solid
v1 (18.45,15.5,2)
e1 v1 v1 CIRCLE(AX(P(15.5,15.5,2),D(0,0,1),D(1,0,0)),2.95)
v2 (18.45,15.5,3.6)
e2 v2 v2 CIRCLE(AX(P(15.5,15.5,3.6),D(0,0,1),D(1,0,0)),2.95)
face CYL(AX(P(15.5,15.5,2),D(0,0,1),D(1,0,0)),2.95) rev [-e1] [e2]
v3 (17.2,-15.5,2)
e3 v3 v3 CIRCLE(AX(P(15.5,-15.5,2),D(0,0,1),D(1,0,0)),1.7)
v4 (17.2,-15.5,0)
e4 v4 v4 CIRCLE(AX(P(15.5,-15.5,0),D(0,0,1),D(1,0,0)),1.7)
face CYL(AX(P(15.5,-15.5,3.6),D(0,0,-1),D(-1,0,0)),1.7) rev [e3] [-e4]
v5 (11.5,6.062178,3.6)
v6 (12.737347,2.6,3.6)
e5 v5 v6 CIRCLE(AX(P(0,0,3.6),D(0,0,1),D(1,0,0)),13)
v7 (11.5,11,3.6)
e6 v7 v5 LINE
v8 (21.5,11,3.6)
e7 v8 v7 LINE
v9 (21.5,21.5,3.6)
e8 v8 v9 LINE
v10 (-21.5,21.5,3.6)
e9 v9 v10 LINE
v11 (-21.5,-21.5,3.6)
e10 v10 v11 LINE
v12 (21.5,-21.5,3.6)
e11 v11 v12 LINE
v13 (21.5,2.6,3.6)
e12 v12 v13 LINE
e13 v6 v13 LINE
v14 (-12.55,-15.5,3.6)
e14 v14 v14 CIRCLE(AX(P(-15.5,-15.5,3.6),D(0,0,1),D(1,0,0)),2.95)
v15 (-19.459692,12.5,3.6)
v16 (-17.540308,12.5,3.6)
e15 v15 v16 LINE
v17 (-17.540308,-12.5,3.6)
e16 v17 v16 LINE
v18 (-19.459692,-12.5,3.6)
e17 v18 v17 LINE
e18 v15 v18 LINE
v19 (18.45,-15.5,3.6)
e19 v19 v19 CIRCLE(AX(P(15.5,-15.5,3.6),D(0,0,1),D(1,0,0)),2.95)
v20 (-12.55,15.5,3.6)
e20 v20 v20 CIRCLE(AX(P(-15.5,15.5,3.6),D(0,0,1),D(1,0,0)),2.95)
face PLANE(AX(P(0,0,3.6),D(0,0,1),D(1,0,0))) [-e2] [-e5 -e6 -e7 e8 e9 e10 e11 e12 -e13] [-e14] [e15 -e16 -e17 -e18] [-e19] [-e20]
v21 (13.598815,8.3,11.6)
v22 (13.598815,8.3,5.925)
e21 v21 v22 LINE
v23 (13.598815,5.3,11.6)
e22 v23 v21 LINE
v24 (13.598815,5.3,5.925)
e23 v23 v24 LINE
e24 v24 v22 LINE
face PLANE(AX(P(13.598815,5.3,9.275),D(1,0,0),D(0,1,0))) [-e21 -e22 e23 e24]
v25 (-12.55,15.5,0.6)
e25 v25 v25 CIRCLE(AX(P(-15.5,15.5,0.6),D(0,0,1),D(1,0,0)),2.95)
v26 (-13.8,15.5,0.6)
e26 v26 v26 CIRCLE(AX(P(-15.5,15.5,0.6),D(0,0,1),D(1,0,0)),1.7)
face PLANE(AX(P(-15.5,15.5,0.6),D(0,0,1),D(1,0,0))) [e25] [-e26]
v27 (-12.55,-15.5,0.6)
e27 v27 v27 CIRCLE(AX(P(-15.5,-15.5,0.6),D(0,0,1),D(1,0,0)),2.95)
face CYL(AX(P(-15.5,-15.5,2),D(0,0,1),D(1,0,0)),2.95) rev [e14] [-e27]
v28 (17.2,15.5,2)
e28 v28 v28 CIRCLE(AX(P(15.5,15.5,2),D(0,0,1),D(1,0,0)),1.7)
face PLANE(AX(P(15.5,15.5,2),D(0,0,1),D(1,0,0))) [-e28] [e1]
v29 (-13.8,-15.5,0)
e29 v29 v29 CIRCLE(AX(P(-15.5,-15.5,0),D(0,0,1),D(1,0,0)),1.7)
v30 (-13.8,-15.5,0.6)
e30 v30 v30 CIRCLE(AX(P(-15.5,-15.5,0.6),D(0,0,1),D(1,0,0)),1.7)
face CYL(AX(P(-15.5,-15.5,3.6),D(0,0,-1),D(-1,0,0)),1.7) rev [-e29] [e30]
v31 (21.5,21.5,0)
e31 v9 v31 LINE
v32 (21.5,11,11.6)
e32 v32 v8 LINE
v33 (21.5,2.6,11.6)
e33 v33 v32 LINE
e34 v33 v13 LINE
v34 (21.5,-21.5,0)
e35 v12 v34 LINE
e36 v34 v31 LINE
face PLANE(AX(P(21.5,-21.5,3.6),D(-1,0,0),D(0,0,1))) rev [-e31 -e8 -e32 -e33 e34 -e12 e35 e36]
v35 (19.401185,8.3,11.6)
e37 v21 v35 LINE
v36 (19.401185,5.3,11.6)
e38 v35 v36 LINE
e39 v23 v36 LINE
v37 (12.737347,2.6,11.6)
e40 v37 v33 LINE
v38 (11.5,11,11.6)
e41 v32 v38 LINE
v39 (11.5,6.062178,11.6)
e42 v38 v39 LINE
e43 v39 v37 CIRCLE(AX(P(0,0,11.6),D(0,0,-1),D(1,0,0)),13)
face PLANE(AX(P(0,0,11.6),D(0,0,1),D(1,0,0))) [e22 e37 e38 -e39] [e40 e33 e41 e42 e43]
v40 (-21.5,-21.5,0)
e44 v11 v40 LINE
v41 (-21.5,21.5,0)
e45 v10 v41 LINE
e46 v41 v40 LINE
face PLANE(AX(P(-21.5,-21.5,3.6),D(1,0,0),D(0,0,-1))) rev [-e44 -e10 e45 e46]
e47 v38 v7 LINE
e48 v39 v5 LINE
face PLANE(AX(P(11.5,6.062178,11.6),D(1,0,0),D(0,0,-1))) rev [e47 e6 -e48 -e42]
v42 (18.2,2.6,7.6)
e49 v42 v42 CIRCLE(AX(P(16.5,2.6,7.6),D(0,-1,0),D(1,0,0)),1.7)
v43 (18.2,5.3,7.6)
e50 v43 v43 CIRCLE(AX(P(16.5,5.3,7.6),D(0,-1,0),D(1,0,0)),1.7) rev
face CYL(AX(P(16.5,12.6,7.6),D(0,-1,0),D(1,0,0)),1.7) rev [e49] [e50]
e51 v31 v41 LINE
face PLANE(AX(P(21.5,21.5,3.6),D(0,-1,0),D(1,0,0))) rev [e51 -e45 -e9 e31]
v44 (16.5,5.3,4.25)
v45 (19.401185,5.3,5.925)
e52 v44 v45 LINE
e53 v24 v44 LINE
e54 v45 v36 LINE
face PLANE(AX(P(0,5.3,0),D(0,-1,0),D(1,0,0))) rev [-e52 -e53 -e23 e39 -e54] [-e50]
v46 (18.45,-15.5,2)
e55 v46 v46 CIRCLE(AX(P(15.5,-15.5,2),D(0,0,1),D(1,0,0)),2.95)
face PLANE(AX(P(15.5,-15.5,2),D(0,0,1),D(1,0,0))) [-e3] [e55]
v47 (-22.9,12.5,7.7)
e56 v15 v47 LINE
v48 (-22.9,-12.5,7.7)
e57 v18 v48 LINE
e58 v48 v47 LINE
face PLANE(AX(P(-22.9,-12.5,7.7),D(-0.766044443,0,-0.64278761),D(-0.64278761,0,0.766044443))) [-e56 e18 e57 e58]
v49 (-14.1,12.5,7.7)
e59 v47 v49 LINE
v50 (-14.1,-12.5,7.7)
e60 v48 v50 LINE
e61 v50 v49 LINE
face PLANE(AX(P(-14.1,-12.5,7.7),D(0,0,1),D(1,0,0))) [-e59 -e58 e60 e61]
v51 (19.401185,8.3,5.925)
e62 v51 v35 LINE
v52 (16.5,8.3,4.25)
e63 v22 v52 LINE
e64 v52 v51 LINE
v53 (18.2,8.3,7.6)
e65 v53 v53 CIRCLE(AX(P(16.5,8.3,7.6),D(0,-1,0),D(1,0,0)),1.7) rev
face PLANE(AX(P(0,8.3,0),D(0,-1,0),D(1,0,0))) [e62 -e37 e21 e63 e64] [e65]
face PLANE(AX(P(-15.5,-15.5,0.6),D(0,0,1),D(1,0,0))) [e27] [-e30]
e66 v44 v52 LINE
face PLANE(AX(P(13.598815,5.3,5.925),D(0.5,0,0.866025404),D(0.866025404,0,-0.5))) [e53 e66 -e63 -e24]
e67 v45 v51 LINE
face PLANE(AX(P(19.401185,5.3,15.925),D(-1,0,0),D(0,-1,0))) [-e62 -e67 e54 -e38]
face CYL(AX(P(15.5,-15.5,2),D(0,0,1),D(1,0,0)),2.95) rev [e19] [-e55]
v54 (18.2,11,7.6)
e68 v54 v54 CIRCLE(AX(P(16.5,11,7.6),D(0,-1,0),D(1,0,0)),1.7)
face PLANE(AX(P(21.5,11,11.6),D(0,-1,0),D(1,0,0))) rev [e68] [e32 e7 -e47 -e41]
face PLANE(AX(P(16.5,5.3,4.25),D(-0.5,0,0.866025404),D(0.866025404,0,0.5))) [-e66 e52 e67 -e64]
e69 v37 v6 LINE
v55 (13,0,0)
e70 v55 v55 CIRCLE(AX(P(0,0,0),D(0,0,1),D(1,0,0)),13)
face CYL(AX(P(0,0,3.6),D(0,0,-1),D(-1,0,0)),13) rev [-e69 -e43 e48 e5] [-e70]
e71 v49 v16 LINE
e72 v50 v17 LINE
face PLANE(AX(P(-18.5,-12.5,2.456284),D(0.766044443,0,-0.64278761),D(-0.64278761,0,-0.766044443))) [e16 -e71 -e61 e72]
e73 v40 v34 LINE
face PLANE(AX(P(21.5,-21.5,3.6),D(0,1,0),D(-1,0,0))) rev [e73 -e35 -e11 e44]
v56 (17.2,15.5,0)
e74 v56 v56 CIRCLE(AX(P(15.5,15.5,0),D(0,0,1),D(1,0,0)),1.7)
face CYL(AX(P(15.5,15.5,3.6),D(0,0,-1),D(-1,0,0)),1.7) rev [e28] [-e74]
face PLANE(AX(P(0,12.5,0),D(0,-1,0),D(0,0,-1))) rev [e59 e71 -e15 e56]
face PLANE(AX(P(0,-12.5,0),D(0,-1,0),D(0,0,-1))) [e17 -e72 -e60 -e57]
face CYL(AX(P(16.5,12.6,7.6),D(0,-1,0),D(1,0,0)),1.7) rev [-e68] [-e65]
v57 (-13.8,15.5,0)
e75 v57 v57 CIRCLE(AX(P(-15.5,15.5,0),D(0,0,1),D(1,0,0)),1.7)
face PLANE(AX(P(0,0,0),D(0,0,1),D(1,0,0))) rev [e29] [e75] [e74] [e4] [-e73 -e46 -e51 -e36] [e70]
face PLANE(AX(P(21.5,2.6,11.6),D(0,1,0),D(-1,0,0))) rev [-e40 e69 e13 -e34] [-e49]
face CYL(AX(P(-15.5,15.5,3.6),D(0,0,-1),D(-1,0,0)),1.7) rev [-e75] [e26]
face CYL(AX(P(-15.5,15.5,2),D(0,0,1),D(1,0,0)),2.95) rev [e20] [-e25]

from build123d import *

# Parameters (mm, degrees)
CROQUIS1_W                   = 43
CROQUIS1_H                   = 43
CROQUIS1_R                   = 13
CROQUIS1_R_2                 = 1.7
SALIENTE_EXTRUIR1_DEPTH      = 3.6
CROQUIS2_R                   = 2.95
CORTAR_EXTRUIR1_DEPTH        = 1.6
SALIENTE_EXTRUIR2_DEPTH      = 8
CROQUIS4_R                   = 1.7
CORTAR_EXTRUIR2_DEPTH        = 10
CORTAR_EXTRUIR3_DEPTH        = 1.5
CORTAR_EXTRUIR3_DEPTH_BACK   = 1.5
SALIENTE_EXTRUIR3_DEPTH      = 12.5
SALIENTE_EXTRUIR3_DEPTH_BACK = 12.5
CROQUIS8_R                   = 2.95
CORTAR_EXTRUIR4_DEPTH        = 3


with BuildPart() as part:
    # Croquis1 → Saliente-Extruir1 (new body)
    with BuildSketch(Plane.XY):
        Rectangle(CROQUIS1_W, CROQUIS1_H)
        Circle(CROQUIS1_R, mode=Mode.SUBTRACT)
        with Locations((-15.5, 15.5)):
            Circle(CROQUIS1_R_2, mode=Mode.SUBTRACT)
        with Locations((-15.5, -15.5)):
            Circle(CROQUIS1_R_2, mode=Mode.SUBTRACT)
        with Locations((15.5, -15.5)):
            Circle(CROQUIS1_R_2, mode=Mode.SUBTRACT)
        with Locations((15.5, 15.5)):
            Circle(CROQUIS1_R_2, mode=Mode.SUBTRACT)
    extrude(amount=SALIENTE_EXTRUIR1_DEPTH)

    # Croquis2 → Cortar-Extruir1 (cut)
    with BuildSketch(Plane.XY.offset(3.6)):
        with Locations((-15.5, 15.5)):
            Circle(CROQUIS2_R)
        with Locations((15.5, 15.5)):
            Circle(CROQUIS2_R)
        with Locations((-15.5, -15.5)):
            Circle(CROQUIS2_R)
        with Locations((15.5, -15.5)):
            Circle(CROQUIS2_R)
    extrude(amount=-CORTAR_EXTRUIR1_DEPTH, mode=Mode.SUBTRACT)

    # Croquis3 → Saliente-Extruir2 (add)
    with BuildSketch(Plane.XY.offset(3.6)):
        with BuildLine():
            Line((21.5, 2.6), (12.737346662, 2.6))
            ThreePointArc((12.737346662, 2.6), (12.241687471, 4.375052899), (11.5, 6.062177826))
            Line((11.5, 6.062177826), (11.5, 11))
            Line((11.5, 11), (21.5, 11))
            Line((21.5, 11), (21.5, 2.6))
        make_face()
    extrude(amount=SALIENTE_EXTRUIR2_DEPTH)

    # Croquis4 → Cortar-Extruir2 (cut)
    with BuildSketch(Plane.XZ.offset(-2.6)):
        with Locations((16.5, 7.6)):
            Circle(CROQUIS4_R)
    extrude(amount=-CORTAR_EXTRUIR2_DEPTH, mode=Mode.SUBTRACT)

    # Croquis6 → Cortar-Extruir3 (cut, two sides)
    with BuildSketch(Plane(origin=(0, 6.8, 0), x_dir=(-1, 0, 0), z_dir=(0, -1, 0))) as cortar_extruir3_sk:
        Polygon((-13.598814897, -9.275), (-13.598814897, -15.925), (-19.401185103, -15.925), (-19.401185103, -9.275), (-19.401185103, -5.925), (-16.5, -4.25), (-13.598814897, -5.925), align=None)
    extrude(amount=CORTAR_EXTRUIR3_DEPTH, mode=Mode.SUBTRACT)
    extrude(cortar_extruir3_sk.sketch, amount=-CORTAR_EXTRUIR3_DEPTH_BACK, mode=Mode.SUBTRACT)

    # Croquis7 → Saliente-Extruir3 (add, two sides)
    with BuildSketch(Plane(origin=(0, 0, 0), x_dir=(1, 0, 0), z_dir=(0, 1, 0))) as saliente_extruir3_sk:
        Polygon((-22.9, -7.7), (-18.5, -2.456284193), (-14.1, -7.7), align=None)
    extrude(amount=SALIENTE_EXTRUIR3_DEPTH)
    extrude(saliente_extruir3_sk.sketch, amount=-SALIENTE_EXTRUIR3_DEPTH_BACK)

    # Croquis8 → Cortar-Extruir4 (cut)
    with BuildSketch(Plane.XY.offset(3.6)):
        with Locations((-15.5, -15.5)):
            Circle(CROQUIS8_R)
        with Locations((-15.5, 15.5)):
            Circle(CROQUIS8_R)
    extrude(amount=-CORTAR_EXTRUIR4_DEPTH, mode=Mode.SUBTRACT)


solid = part.part
